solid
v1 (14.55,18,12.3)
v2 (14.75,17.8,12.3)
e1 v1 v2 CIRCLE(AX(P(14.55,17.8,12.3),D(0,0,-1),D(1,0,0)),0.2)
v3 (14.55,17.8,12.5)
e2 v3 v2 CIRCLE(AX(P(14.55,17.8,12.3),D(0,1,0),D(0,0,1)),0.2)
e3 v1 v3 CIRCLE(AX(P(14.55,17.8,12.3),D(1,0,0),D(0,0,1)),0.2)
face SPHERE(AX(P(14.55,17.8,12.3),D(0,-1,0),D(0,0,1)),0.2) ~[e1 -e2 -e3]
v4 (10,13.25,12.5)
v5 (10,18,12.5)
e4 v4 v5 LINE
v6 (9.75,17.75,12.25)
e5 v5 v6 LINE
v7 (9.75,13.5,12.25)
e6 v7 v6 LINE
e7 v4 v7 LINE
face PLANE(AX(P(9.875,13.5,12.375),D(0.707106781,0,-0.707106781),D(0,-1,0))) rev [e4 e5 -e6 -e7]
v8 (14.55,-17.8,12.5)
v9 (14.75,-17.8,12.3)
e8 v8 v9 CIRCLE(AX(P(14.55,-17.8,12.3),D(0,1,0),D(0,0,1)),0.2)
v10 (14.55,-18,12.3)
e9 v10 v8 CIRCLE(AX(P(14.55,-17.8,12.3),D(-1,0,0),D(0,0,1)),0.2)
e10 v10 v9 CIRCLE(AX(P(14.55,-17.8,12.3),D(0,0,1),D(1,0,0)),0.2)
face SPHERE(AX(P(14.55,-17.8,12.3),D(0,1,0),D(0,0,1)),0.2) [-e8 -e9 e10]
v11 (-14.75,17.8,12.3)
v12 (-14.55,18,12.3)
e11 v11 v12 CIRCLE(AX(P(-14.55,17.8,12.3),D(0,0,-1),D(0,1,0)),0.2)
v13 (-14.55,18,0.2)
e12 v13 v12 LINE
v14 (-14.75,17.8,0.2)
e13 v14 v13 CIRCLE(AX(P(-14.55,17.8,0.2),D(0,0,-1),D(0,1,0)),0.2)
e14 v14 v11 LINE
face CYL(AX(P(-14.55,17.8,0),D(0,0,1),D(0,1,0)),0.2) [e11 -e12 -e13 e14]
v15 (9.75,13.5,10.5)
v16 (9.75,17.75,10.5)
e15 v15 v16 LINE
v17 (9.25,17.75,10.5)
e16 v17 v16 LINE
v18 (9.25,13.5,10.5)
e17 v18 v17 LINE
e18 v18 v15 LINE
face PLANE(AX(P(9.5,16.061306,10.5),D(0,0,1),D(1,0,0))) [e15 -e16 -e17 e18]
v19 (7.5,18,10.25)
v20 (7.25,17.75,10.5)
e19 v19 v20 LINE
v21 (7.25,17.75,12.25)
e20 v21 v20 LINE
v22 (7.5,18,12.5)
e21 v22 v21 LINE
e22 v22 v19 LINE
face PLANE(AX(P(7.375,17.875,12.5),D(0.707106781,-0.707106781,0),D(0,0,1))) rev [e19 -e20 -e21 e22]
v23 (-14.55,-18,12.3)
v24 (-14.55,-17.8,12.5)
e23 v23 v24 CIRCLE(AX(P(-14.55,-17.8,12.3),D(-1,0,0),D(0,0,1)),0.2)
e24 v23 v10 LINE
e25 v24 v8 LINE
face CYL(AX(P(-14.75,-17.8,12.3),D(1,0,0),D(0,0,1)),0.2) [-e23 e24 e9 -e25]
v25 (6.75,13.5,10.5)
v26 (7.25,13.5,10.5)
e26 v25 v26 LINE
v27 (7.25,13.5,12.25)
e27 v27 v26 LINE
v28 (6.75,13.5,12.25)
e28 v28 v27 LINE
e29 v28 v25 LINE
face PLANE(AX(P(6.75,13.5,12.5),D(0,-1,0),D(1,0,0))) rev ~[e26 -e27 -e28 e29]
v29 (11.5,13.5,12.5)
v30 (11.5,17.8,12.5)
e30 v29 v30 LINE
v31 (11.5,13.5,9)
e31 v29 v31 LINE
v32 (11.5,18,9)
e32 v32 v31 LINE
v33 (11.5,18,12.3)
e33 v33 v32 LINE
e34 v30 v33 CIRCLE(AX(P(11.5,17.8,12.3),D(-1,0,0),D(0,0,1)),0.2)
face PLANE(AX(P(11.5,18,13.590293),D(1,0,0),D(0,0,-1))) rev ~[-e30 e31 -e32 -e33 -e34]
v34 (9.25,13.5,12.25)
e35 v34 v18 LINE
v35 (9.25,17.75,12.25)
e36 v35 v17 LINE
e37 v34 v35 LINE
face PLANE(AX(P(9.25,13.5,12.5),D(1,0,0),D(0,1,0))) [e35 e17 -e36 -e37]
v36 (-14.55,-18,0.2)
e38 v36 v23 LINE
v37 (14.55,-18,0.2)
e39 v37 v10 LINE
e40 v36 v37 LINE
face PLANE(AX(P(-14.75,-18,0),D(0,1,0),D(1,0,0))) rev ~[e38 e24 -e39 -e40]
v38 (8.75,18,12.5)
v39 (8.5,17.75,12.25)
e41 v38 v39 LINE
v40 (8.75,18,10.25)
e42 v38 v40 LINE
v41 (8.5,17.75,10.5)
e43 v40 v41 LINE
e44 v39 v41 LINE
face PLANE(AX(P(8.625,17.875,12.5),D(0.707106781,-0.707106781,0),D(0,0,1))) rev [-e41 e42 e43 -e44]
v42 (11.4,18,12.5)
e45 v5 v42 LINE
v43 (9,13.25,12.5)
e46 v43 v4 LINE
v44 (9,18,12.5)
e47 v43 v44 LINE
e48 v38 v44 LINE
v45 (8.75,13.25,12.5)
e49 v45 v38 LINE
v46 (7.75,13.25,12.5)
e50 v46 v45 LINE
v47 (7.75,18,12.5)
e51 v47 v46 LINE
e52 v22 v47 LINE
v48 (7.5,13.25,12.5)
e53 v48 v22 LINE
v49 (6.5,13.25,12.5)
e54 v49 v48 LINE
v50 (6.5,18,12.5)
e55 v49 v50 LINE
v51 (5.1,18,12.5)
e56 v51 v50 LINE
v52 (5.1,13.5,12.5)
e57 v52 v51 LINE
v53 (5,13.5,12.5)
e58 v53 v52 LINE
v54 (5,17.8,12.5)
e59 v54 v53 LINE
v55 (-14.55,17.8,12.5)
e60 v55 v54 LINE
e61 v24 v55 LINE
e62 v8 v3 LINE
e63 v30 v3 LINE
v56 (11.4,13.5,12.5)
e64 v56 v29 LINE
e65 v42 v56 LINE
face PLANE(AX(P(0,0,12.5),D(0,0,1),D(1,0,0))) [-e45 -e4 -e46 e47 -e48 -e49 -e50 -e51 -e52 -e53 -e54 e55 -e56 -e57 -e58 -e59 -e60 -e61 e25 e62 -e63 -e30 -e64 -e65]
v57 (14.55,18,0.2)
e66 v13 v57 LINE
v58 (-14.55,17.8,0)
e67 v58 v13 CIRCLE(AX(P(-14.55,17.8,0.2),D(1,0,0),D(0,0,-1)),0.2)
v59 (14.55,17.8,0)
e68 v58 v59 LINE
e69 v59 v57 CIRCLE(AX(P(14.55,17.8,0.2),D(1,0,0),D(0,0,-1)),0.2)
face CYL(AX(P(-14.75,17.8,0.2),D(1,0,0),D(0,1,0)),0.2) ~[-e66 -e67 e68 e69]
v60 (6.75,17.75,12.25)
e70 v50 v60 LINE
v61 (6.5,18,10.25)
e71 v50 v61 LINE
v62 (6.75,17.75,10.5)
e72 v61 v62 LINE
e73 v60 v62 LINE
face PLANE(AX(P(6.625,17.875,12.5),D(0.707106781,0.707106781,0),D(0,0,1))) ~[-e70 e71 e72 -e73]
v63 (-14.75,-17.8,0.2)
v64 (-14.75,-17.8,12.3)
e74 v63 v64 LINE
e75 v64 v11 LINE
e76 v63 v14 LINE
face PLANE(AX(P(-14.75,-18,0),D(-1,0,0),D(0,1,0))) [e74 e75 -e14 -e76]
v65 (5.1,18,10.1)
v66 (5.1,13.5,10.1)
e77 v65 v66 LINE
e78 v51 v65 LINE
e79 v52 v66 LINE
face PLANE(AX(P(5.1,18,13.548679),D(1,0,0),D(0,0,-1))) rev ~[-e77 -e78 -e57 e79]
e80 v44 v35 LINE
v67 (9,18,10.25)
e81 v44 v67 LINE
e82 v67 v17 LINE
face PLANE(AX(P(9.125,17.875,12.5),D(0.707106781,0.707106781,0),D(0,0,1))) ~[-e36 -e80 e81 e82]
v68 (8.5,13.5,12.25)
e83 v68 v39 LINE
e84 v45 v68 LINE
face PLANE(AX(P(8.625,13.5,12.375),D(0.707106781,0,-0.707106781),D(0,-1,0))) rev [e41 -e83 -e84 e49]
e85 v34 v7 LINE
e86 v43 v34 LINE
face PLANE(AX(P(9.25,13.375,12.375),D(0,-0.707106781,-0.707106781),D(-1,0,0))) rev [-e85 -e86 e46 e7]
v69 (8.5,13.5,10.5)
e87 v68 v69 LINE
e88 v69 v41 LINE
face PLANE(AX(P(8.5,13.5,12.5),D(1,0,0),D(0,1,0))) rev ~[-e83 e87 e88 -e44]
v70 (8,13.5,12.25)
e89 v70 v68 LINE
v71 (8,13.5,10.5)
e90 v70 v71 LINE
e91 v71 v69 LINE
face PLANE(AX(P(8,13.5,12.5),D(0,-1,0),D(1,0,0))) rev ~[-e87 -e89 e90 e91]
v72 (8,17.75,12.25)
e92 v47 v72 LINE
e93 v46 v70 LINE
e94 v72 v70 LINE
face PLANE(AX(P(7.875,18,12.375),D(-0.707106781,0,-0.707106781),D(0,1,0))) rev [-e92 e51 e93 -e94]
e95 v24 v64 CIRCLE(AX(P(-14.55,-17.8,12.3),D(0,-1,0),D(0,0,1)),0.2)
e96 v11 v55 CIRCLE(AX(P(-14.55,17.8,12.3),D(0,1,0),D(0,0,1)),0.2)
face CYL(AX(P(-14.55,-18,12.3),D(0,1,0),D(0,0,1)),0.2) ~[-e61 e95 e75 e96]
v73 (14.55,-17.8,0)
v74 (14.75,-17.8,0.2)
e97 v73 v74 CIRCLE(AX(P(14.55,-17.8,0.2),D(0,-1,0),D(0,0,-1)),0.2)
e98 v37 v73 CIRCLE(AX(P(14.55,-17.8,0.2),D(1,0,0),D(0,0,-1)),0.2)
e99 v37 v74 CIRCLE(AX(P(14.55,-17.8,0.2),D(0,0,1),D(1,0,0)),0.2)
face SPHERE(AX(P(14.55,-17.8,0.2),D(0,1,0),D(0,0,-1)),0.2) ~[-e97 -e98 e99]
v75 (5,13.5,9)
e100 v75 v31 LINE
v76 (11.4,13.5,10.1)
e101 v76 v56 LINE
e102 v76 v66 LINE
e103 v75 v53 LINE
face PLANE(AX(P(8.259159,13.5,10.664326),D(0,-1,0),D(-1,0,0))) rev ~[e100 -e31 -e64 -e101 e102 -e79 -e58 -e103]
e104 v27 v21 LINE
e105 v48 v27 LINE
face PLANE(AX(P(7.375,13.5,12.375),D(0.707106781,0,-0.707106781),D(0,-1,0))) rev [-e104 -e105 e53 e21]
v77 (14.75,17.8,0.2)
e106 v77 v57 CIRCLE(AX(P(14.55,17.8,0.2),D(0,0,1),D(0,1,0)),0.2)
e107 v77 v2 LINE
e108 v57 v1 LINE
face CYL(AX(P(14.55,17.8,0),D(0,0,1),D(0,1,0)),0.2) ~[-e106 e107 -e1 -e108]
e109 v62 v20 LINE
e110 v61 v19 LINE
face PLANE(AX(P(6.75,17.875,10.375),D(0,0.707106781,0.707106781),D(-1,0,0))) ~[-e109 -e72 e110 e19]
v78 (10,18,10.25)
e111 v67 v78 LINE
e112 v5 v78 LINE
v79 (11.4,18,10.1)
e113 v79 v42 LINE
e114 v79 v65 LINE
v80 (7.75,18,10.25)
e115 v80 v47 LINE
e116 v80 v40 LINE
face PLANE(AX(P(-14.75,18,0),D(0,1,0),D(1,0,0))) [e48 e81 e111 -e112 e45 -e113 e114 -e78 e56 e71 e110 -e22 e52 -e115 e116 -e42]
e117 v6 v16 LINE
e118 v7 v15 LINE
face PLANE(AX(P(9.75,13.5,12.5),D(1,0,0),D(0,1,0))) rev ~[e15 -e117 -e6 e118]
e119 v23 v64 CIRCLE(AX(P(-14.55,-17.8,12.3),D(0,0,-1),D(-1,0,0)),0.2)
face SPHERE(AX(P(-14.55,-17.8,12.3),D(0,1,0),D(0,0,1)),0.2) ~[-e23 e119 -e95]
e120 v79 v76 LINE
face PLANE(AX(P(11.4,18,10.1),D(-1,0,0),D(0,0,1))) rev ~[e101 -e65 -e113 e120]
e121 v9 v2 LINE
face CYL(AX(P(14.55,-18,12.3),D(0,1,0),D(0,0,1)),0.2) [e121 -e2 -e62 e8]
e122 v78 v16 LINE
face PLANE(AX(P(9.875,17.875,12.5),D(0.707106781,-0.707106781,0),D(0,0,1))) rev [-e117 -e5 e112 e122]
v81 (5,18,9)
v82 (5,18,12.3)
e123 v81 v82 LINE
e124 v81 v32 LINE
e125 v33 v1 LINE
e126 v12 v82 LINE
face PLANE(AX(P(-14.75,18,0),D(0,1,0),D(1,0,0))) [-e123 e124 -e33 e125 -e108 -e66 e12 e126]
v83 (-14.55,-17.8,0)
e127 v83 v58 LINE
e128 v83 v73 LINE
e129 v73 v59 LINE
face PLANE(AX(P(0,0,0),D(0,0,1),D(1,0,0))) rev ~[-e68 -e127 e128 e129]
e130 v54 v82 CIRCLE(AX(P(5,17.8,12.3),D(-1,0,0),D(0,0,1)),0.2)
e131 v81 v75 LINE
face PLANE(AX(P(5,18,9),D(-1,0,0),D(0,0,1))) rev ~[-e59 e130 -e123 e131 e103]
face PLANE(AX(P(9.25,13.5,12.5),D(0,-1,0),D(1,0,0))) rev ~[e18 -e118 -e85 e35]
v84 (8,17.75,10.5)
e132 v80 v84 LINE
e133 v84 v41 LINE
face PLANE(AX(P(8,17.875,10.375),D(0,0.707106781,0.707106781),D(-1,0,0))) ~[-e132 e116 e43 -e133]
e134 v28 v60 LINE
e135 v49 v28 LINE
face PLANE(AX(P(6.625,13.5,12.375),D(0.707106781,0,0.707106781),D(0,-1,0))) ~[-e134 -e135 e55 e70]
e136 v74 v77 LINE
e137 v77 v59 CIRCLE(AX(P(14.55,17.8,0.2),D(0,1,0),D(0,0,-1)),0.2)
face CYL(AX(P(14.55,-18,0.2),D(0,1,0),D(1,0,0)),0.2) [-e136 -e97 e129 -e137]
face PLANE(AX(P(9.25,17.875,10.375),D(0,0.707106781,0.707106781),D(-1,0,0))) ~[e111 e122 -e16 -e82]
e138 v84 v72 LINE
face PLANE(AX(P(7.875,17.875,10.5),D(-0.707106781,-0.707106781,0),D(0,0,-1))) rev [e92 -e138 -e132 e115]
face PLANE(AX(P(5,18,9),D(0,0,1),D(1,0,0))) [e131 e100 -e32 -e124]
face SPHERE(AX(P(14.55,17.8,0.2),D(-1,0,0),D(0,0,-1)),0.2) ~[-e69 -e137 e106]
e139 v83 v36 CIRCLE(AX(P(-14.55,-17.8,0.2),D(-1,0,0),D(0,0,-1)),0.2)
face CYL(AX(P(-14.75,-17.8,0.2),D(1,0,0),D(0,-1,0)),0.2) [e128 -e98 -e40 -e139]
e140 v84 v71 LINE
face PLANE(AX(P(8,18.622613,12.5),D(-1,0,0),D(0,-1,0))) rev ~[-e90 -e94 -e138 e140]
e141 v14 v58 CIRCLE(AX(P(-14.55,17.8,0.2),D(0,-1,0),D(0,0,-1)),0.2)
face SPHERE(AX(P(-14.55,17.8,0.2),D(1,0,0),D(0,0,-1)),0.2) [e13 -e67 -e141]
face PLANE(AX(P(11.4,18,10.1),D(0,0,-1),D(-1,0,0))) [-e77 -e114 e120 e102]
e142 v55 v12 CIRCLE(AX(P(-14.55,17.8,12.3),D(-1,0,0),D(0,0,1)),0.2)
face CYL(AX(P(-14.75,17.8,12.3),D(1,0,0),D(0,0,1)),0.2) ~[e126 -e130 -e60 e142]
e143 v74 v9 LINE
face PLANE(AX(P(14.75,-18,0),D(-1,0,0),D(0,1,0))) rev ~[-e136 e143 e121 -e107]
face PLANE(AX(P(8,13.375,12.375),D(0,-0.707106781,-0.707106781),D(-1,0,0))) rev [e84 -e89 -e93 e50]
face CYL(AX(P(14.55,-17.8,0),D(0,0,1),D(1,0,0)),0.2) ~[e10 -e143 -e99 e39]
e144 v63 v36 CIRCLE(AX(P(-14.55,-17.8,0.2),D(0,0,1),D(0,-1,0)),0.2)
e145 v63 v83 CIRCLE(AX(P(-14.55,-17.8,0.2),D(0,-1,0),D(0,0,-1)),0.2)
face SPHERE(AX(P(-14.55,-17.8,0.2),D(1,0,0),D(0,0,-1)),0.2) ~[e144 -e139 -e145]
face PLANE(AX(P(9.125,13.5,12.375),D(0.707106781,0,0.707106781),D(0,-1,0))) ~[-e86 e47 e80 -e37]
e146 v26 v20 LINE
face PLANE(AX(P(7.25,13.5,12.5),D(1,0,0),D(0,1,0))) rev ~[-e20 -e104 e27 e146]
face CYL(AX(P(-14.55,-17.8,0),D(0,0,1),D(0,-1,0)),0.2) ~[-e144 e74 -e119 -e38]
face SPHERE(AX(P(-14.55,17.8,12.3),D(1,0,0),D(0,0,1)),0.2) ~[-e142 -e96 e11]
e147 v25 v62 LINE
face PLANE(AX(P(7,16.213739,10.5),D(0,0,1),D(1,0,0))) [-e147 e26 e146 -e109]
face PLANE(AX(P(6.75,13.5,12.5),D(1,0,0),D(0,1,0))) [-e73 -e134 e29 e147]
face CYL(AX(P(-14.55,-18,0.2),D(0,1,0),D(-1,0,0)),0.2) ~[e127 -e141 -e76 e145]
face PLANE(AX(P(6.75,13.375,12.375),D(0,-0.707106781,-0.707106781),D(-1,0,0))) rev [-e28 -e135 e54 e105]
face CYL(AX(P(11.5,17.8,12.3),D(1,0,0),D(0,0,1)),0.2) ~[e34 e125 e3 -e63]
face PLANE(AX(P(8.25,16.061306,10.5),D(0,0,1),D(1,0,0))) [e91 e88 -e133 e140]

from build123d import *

# Parameters (mm, degrees)
SKETCH1_W           = 29.5
SKETCH1_H           = 36
BOSS_EXTRUDE1_DEPTH = 12.5
SKETCH3_W           = 0.5
SKETCH3_H           = 5.122612704
SKETCH3_H_2         = 5.427477651
CUT_EXTRUDE1_DEPTH  = 2
CHAMFER1_SIZE       = 0.25
CUT_EXTRUDE2_DEPTH  = 4.5
FILLET1_R           = 0.2


with BuildPart() as part:
    # Sketch1 → Boss-Extrude1 (new body)
    with BuildSketch(Plane.XY):
        Rectangle(SKETCH1_W, SKETCH1_H)
    extrude(amount=BOSS_EXTRUDE1_DEPTH)

    # Sketch3 → Cut-Extrude1 (cut)
    with BuildSketch(Plane.XY.offset(12.5)):
        Polygon((8.5, 15.5), (8.5, 18.622612704), (8, 18.622612704), (8, 15.5), (8, 13.5), (8.5, 13.5), align=None)
        with Locations((9.5, 16.061306352)):
            Rectangle(SKETCH3_W, SKETCH3_H)
        with Locations((7, 16.213738826)):
            Rectangle(SKETCH3_W, SKETCH3_H_2)
    extrude(amount=-CUT_EXTRUDE1_DEPTH, mode=Mode.SUBTRACT)

    # Chamfer1
    chamfer1_edges = [part.edges().sort_by_distance(p)[0] for p in [
        (8, 15.75, 12.5),
        (8.25, 18, 10.5),
        (8.5, 15.75, 12.5),
        (8.25, 13.5, 12.5),
        (8.5, 18, 11.5),
        (8, 18, 11.5),
        (6.75, 15.75, 12.5),
        (9.25, 15.75, 12.5),
        (7, 18, 10.5),
        (9.5, 18, 10.5),
        (9.75, 15.75, 12.5),
        (9.5, 13.5, 12.5),
        (9.25, 18, 11.5),
        (9.75, 18, 11.5),
        (7.25, 15.75, 12.5),
        (7, 13.5, 12.5),
        (6.75, 18, 11.5),
        (7.25, 18, 11.5),
    ]]
    chamfer(chamfer1_edges, length=CHAMFER1_SIZE)

    # Sketch4 → Cut-Extrude2 (cut)
    with BuildSketch(Plane(origin=(0, 18, 0), x_dir=(1, 0, 0), z_dir=(0, 1, 0))):
        Polygon((5, -9), (11.5, -9), (11.5, -12.5), (11.5, -13.590293159), (11.4, -13.590293159), (11.4, -13.5), (11.4, -10.1), (5.1, -10.1), (5.1, -13.5), (5.1, -13.548678846), (5, -13.548678846), (5, -13.5), align=None)
    extrude(amount=-CUT_EXTRUDE2_DEPTH, mode=Mode.SUBTRACT)

    # Fillet1
    fillet1_edges = [part.edges().sort_by_distance(p)[0] for p in [
        (14.75, 0, 12.5),
        (-4.875, 18, 12.5),
        (13.125, 18, 12.5),
        (-14.75, 0, 12.5),
        (0, 18, 0),
        (14.75, 0, 0),
        (0, -18, 0),
        (-14.75, 0, 0),
        (0, -18, 12.5),
        (-14.75, 18, 6.25),
        (14.75, 18, 6.25),
        (14.75, -18, 6.25),
        (-14.75, -18, 6.25),
    ]]
    fillet(fillet1_edges, radius=FILLET1_R)


solid = part.part
